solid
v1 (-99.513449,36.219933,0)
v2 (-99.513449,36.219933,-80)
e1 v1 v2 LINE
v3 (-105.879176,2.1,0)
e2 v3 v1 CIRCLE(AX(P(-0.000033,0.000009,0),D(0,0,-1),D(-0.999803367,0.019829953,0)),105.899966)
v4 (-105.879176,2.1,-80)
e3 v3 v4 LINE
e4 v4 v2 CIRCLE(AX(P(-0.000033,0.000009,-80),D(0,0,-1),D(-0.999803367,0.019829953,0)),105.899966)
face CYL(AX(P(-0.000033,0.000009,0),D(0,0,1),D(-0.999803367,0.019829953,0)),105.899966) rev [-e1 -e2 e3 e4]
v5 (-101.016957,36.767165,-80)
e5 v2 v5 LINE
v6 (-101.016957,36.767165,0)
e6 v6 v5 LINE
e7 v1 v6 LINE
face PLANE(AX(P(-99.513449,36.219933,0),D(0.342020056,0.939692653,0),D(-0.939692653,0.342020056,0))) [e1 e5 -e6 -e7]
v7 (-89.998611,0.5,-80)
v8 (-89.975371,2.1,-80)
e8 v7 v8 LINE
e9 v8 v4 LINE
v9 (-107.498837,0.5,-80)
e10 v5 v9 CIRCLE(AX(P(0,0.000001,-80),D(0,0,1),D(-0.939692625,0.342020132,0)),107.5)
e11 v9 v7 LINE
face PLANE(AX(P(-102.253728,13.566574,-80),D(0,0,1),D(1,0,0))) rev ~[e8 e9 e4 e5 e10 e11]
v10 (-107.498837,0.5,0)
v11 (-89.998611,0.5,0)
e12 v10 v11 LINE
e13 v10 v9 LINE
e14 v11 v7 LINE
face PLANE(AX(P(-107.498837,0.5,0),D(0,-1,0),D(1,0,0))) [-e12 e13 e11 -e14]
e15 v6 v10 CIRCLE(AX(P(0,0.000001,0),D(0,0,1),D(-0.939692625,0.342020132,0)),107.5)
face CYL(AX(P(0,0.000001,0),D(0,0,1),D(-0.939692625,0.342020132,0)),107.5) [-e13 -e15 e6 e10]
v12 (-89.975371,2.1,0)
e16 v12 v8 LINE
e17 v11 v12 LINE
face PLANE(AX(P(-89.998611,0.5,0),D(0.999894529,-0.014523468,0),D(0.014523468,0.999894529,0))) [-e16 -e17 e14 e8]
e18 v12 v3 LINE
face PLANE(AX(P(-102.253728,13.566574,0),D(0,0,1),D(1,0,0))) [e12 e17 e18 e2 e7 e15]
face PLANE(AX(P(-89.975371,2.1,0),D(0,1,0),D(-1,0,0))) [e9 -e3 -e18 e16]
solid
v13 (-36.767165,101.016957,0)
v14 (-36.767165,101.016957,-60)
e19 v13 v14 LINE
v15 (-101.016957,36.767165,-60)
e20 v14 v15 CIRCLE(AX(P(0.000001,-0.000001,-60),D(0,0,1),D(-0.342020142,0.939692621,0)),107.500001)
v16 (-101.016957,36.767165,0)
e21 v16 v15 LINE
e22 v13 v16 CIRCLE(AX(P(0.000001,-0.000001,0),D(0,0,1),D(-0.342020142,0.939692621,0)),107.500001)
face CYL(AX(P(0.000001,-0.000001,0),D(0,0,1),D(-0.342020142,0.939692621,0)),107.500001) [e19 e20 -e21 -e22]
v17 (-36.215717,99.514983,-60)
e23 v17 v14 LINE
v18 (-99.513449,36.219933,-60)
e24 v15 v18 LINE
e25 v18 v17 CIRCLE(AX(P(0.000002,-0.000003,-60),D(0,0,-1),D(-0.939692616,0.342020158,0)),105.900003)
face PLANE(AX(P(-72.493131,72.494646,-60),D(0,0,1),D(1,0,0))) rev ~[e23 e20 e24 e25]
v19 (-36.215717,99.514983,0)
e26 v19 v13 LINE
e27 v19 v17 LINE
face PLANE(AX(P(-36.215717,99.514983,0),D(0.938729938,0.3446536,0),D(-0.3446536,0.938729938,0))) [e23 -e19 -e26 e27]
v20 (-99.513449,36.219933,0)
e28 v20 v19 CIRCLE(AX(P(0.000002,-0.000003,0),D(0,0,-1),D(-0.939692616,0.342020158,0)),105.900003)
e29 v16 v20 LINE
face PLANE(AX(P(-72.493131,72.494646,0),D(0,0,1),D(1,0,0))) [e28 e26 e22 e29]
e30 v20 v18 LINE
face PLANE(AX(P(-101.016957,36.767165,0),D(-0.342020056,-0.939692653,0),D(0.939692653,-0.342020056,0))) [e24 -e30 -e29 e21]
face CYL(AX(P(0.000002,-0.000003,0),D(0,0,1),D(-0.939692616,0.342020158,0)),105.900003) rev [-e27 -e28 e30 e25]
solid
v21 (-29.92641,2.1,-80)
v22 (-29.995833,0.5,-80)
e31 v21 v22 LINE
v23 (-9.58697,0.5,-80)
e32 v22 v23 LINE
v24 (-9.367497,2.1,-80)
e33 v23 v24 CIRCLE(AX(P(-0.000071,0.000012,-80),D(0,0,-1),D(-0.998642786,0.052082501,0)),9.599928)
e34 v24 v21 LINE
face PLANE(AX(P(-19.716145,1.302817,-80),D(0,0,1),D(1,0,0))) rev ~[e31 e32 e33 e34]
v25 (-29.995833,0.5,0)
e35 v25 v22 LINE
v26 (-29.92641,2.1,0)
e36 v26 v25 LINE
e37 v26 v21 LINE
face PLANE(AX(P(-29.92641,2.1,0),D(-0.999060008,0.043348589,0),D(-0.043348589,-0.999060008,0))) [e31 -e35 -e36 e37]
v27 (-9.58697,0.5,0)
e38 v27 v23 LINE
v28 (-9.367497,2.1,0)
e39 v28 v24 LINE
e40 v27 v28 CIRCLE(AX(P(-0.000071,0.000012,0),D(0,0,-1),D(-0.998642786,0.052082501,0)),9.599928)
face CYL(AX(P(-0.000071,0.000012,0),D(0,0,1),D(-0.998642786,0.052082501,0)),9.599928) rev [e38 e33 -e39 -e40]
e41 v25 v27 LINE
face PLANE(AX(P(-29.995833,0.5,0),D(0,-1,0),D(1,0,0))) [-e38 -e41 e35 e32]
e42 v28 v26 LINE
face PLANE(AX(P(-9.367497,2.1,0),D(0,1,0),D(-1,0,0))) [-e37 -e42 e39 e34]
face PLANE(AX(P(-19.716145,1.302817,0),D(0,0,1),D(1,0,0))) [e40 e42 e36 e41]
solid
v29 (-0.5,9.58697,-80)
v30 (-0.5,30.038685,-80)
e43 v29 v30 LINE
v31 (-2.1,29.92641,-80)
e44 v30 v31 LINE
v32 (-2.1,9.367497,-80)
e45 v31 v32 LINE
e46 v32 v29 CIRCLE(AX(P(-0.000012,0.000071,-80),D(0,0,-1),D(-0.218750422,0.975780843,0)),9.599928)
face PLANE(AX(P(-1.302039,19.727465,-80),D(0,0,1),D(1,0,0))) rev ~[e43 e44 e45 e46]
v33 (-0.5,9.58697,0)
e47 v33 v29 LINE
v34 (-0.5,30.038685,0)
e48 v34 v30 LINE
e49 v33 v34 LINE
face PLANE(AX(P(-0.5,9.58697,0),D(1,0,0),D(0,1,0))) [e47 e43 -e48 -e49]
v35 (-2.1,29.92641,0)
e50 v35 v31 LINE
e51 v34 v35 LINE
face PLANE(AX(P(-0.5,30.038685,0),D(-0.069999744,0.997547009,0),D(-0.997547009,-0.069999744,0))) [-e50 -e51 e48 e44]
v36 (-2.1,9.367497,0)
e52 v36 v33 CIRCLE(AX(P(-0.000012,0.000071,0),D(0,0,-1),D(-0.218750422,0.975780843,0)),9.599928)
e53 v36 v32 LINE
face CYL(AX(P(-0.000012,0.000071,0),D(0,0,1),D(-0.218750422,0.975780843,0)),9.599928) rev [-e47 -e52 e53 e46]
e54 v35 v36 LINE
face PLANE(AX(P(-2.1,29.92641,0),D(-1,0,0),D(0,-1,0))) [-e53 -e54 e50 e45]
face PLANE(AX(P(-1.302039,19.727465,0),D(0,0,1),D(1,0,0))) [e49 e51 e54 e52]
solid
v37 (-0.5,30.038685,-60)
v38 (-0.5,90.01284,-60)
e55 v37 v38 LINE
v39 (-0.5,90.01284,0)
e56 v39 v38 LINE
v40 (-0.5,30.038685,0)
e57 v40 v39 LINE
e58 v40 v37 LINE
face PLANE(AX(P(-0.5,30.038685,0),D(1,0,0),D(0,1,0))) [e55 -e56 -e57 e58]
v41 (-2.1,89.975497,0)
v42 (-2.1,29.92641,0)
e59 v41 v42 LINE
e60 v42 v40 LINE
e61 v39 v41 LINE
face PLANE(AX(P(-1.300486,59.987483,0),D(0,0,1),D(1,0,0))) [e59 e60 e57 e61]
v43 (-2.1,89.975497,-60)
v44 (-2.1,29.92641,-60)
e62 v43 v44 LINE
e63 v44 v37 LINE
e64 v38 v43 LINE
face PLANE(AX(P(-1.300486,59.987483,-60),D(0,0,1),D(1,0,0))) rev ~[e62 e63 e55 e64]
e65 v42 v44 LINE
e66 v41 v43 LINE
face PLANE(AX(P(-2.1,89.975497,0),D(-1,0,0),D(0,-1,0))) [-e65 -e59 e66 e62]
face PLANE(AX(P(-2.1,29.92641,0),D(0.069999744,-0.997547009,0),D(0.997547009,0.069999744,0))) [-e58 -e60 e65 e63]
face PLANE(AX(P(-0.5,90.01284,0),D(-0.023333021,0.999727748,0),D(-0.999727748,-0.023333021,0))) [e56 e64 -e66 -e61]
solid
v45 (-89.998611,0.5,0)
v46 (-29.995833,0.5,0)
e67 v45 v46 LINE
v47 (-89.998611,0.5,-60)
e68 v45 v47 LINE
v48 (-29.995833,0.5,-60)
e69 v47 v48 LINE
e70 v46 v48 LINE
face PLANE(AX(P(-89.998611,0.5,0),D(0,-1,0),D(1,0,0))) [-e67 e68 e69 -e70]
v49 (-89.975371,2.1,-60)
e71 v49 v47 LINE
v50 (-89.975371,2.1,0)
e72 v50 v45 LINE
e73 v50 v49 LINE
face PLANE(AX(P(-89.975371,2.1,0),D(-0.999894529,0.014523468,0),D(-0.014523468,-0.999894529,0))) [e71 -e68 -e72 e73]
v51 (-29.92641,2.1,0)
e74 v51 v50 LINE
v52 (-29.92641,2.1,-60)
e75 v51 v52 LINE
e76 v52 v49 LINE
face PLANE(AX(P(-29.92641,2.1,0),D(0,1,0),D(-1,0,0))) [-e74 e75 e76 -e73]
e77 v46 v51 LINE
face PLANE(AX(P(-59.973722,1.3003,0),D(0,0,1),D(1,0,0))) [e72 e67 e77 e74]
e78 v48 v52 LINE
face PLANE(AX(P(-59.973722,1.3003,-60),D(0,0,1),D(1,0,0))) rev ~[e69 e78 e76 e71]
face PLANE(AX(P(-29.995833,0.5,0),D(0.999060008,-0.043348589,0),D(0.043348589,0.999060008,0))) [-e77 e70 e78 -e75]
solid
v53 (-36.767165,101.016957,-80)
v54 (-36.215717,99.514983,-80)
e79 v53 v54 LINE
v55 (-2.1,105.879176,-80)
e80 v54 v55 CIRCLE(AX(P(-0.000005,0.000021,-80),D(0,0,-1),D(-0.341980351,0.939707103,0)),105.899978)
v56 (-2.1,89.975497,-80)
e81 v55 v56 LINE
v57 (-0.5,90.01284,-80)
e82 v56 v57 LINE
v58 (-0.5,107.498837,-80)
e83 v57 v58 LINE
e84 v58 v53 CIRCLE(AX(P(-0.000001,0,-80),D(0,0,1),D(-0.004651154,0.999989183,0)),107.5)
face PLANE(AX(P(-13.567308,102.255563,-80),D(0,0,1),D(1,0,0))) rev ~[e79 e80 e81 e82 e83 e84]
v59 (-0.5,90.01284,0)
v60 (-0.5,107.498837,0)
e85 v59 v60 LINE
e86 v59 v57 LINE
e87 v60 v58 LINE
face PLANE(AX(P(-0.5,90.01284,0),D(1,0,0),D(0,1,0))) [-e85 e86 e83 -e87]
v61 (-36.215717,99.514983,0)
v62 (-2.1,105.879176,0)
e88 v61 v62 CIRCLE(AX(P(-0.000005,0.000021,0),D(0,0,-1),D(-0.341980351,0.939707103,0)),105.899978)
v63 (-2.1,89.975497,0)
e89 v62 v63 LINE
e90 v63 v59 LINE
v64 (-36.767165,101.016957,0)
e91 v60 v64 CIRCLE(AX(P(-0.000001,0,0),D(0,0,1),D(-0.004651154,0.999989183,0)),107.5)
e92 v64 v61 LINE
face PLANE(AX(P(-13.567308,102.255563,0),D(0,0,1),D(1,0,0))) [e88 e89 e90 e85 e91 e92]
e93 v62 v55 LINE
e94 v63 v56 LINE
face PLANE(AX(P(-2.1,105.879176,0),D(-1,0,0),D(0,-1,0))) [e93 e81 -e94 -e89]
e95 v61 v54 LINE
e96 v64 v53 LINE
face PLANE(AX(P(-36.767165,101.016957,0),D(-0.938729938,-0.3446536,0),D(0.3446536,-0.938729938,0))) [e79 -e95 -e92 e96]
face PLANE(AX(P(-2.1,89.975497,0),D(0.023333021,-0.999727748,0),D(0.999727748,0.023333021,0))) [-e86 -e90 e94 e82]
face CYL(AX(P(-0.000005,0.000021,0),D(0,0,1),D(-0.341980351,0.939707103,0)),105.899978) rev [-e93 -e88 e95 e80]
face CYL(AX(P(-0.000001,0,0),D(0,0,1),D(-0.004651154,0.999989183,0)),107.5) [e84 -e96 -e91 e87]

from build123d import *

# Parameters (mm, degrees)
F1_DEPTH = 80
F2_DEPTH = 60


with BuildPart() as f1:
    # F0 (on Top) → F1 (new body)
    with BuildSketch(Plane.XY):
        with BuildLine():
            Line((-2.1, 89.975497), (-0.5, 90.01284))
            Line((-0.5, 90.01284), (-0.5, 107.498837))
            ThreePointArc((-0.5, 107.498837), (-18.913331, 105.823135), (-36.767165, 101.016957))
            Line((-36.767165, 101.016957), (-36.215717, 99.514983))
            ThreePointArc((-36.215717, 99.514983), (-19.420332, 104.104086), (-2.1, 105.879176))
            Line((-2.1, 105.879176), (-2.1, 89.975497))
        make_face()
        with BuildLine():
            ThreePointArc((-2.1, 9.367497), (-1.304623, 9.510939), (-0.5, 9.58697))
            Line((-0.5, 9.58697), (-0.5, 30.038685))
            Line((-0.5, 30.038685), (-2.1, 29.92641))
            Line((-2.1, 29.92641), (-2.1, 9.367497))
        make_face()
        with BuildLine():
            Line((-29.995833, 0.5), (-9.58697, 0.5))
            ThreePointArc((-9.58697, 0.5), (-9.510939, 1.304623), (-9.367497, 2.1))
            Line((-9.367497, 2.1), (-29.92641, 2.1))
            Line((-29.92641, 2.1), (-29.995833, 0.5))
        make_face()
        with BuildLine():
            Line((-107.498837, 0.5), (-89.998611, 0.5))
            Line((-89.998611, 0.5), (-89.975371, 2.1))
            Line((-89.975371, 2.1), (-105.879176, 2.1))
            ThreePointArc((-105.879176, 2.1), (-104.103675, 19.422537), (-99.513449, 36.219933))
            Line((-99.513449, 36.219933), (-101.016957, 36.767165))
            ThreePointArc((-101.016957, 36.767165), (-105.823135, 18.913331), (-107.498837, 0.5))
        make_face()
    extrude(amount=-F1_DEPTH)


with BuildPart() as f2:
    # F0 (on Top) → F2 (new body)
    with BuildSketch(Plane.XY):
        Polygon((-89.998611, 0.5), (-29.995833, 0.5), (-29.92641, 2.1), (-89.975371, 2.1), align=None)
        Polygon((-2.1, 29.92641), (-0.5, 30.038685), (-0.5, 90.01284), (-2.1, 89.975497), align=None)
        with BuildLine():
            Line((-36.215717, 99.514983), (-36.767165, 101.016957))
            ThreePointArc((-36.767165, 101.016957), (-76.013979, 76.013979), (-101.016957, 36.767165))
            Line((-101.016957, 36.767165), (-99.513449, 36.219933))
            ThreePointArc((-99.513449, 36.219933), (-74.881022, 74.884194), (-36.215717, 99.514983))
        make_face()
    extrude(amount=-F2_DEPTH)


solid = Compound([f1.part, f2.part])
